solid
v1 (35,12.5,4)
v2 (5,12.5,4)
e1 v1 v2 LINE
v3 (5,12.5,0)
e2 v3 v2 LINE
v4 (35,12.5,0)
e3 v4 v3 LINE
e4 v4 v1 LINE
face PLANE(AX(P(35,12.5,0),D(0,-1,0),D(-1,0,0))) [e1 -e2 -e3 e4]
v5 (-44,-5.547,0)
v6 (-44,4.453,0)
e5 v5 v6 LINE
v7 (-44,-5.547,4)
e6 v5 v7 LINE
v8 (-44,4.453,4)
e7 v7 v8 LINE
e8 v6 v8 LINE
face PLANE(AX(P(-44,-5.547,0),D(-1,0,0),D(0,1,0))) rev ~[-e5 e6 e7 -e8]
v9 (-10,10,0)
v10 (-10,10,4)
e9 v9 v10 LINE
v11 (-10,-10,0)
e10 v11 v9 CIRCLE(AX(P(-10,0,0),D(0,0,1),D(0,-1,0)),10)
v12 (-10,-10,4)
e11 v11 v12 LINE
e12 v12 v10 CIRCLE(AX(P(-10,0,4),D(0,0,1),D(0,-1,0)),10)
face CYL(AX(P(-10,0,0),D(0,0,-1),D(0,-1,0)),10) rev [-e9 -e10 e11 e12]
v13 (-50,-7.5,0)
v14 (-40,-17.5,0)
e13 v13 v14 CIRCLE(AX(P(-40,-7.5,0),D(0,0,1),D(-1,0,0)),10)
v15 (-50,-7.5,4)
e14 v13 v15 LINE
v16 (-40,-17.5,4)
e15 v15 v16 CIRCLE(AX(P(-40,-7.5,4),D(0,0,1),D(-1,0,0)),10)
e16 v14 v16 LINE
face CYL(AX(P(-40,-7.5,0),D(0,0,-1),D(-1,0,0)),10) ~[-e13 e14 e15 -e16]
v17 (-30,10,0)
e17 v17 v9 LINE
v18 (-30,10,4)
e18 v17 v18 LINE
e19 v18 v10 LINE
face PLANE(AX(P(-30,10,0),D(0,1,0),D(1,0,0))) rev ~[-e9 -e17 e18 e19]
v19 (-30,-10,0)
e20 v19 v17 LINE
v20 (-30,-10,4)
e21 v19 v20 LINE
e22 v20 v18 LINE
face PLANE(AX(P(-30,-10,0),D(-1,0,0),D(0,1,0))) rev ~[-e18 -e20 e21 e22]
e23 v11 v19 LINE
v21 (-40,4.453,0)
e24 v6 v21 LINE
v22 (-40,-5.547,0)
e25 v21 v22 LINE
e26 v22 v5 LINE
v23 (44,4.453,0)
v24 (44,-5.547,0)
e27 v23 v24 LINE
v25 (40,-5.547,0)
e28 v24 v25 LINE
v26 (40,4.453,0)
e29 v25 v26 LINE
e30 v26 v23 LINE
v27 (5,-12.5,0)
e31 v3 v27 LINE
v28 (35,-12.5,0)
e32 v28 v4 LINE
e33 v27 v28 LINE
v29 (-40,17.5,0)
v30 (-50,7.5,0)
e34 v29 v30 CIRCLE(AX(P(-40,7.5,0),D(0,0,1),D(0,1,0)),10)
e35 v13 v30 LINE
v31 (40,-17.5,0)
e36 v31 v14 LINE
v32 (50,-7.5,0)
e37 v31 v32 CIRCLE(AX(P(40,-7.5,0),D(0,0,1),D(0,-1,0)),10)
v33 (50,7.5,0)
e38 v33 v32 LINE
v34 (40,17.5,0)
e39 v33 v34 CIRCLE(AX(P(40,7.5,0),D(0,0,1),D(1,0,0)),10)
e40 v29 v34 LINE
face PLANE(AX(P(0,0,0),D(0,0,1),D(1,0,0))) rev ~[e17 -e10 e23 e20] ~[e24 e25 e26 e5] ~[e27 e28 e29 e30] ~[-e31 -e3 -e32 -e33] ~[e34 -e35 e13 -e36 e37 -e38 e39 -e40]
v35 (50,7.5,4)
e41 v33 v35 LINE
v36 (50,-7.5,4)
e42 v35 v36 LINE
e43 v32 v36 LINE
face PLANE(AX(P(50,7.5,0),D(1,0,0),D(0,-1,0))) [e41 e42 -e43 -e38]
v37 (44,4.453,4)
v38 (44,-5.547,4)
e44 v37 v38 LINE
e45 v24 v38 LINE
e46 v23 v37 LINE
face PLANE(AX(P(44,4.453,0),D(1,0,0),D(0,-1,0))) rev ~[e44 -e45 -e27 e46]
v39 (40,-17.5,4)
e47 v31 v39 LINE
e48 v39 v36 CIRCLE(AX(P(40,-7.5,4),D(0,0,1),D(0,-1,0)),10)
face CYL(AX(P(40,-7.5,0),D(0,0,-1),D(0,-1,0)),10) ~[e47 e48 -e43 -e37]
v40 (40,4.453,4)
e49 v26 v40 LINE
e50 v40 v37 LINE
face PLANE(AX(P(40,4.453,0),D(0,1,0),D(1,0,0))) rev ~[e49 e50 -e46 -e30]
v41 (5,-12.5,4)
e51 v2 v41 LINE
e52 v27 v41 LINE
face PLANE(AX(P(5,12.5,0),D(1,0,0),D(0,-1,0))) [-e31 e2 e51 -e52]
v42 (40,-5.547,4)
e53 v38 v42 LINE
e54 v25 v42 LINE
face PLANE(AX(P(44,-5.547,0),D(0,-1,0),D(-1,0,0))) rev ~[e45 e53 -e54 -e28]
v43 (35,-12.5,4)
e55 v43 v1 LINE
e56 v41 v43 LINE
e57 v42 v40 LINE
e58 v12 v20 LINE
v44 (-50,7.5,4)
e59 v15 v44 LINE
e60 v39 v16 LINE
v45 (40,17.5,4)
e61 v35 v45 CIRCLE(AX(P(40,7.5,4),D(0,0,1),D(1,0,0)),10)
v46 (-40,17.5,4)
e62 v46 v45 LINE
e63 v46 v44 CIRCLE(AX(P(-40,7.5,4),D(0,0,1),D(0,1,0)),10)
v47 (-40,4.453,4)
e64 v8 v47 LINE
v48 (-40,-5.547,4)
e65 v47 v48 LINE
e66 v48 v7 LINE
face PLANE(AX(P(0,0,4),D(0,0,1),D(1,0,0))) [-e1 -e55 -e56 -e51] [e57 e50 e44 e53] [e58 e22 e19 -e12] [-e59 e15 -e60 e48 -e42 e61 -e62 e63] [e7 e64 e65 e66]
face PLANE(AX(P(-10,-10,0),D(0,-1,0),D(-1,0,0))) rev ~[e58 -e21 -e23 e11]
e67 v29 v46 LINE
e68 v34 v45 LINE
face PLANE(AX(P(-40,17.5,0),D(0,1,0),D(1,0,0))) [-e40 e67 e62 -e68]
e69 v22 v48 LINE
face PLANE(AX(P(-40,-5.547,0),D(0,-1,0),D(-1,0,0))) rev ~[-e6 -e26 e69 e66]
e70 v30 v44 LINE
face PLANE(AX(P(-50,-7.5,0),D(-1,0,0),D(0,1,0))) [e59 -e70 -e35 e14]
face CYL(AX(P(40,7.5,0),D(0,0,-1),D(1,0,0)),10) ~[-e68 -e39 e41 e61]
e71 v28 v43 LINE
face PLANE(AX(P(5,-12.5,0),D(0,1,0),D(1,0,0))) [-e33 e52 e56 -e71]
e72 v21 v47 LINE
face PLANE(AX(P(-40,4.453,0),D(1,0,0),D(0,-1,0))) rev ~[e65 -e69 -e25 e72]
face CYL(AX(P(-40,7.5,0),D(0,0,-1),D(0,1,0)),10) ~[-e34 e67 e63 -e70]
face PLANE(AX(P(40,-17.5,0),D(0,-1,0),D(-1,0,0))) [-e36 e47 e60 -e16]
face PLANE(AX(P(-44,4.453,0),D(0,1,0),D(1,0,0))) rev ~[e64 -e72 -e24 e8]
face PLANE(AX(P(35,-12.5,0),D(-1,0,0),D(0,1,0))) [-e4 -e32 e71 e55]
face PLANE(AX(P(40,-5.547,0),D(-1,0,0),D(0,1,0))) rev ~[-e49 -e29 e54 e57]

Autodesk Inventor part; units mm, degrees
ref_plane "YZ Plane" through (0, 0, 0) normal (1, 0, 0) x (0, 1, 0)
ref_plane "XZ Plane" through (0, 0, 0) normal (0, 1, 0) x (-1, 0, 0)
ref_plane "XY Plane" through (0, 0, 0) normal (0, 0, 1) x (1, 0, 0)
sketch "Эскиз1" plane through (0, 0, 0) normal (0, 0, 1) x (1, 0, 0)
  line L0 (-44, 4.453) -> (-40, 4.453) projected
  line L1 (-40, 4.453) -> (-40, -5.547) projected
  line L2 (-40, -5.547) -> (-44, -5.547) projected
  line L3 (-44, -5.547) -> (-44, 4.453) projected
  line L4 (-10, -10) -> (-30, -10) projected
  line L5 (-30, -10) -> (-30, 10) projected
  line L6 (-30, 10) -> (-10, 10) projected
  arc A0 (-10, -10) -> (-10, 10) centre (-10, 0) ccw projected
  line L7 (44, -5.547) -> (40, -5.547) projected
  line L8 (40, -5.547) -> (40, 4.453) projected
  line L9 (40, 4.453) -> (44, 4.453) projected
  line L10 (44, 4.453) -> (44, -5.547) projected
  arc A1 (-50, -7.5) -> (-40, -17.5) centre (-40, -7.5) ccw projected
  line L11 (40, -17.5) -> (-40, -17.5) projected
  arc A2 (40, -17.5) -> (50, -7.5) centre (40, -7.5) ccw projected
  line L12 (50, 7.5) -> (50, -7.5) projected
  arc A3 (50, 7.5) -> (40, 17.5) centre (40, 7.5) ccw projected
  line L13 (-40, 17.5) -> (40, 17.5) projected
  arc A4 (-40, 17.5) -> (-50, 7.5) centre (-40, 7.5) ccw projected
  line L14 (-50, -7.5) -> (-50, 7.5) projected
  line L15 (35, 12.5) -> (5, 12.5)
  line L16 (5, 12.5) -> (5, -12.5)
  line L17 (5, -12.5) -> (35, -12.5)
  line L18 (35, -12.5) -> (35, 12.5)
  point P0 (0, 0)
  dimension "d0" = 25
  dimension "d1" = 30
  dimension "d2" = 12.5
  dimension "d3" = 5
extrude "Выдавливание1" add sketch "Эскиз1" along normal blind 4
properties part number "top2"
